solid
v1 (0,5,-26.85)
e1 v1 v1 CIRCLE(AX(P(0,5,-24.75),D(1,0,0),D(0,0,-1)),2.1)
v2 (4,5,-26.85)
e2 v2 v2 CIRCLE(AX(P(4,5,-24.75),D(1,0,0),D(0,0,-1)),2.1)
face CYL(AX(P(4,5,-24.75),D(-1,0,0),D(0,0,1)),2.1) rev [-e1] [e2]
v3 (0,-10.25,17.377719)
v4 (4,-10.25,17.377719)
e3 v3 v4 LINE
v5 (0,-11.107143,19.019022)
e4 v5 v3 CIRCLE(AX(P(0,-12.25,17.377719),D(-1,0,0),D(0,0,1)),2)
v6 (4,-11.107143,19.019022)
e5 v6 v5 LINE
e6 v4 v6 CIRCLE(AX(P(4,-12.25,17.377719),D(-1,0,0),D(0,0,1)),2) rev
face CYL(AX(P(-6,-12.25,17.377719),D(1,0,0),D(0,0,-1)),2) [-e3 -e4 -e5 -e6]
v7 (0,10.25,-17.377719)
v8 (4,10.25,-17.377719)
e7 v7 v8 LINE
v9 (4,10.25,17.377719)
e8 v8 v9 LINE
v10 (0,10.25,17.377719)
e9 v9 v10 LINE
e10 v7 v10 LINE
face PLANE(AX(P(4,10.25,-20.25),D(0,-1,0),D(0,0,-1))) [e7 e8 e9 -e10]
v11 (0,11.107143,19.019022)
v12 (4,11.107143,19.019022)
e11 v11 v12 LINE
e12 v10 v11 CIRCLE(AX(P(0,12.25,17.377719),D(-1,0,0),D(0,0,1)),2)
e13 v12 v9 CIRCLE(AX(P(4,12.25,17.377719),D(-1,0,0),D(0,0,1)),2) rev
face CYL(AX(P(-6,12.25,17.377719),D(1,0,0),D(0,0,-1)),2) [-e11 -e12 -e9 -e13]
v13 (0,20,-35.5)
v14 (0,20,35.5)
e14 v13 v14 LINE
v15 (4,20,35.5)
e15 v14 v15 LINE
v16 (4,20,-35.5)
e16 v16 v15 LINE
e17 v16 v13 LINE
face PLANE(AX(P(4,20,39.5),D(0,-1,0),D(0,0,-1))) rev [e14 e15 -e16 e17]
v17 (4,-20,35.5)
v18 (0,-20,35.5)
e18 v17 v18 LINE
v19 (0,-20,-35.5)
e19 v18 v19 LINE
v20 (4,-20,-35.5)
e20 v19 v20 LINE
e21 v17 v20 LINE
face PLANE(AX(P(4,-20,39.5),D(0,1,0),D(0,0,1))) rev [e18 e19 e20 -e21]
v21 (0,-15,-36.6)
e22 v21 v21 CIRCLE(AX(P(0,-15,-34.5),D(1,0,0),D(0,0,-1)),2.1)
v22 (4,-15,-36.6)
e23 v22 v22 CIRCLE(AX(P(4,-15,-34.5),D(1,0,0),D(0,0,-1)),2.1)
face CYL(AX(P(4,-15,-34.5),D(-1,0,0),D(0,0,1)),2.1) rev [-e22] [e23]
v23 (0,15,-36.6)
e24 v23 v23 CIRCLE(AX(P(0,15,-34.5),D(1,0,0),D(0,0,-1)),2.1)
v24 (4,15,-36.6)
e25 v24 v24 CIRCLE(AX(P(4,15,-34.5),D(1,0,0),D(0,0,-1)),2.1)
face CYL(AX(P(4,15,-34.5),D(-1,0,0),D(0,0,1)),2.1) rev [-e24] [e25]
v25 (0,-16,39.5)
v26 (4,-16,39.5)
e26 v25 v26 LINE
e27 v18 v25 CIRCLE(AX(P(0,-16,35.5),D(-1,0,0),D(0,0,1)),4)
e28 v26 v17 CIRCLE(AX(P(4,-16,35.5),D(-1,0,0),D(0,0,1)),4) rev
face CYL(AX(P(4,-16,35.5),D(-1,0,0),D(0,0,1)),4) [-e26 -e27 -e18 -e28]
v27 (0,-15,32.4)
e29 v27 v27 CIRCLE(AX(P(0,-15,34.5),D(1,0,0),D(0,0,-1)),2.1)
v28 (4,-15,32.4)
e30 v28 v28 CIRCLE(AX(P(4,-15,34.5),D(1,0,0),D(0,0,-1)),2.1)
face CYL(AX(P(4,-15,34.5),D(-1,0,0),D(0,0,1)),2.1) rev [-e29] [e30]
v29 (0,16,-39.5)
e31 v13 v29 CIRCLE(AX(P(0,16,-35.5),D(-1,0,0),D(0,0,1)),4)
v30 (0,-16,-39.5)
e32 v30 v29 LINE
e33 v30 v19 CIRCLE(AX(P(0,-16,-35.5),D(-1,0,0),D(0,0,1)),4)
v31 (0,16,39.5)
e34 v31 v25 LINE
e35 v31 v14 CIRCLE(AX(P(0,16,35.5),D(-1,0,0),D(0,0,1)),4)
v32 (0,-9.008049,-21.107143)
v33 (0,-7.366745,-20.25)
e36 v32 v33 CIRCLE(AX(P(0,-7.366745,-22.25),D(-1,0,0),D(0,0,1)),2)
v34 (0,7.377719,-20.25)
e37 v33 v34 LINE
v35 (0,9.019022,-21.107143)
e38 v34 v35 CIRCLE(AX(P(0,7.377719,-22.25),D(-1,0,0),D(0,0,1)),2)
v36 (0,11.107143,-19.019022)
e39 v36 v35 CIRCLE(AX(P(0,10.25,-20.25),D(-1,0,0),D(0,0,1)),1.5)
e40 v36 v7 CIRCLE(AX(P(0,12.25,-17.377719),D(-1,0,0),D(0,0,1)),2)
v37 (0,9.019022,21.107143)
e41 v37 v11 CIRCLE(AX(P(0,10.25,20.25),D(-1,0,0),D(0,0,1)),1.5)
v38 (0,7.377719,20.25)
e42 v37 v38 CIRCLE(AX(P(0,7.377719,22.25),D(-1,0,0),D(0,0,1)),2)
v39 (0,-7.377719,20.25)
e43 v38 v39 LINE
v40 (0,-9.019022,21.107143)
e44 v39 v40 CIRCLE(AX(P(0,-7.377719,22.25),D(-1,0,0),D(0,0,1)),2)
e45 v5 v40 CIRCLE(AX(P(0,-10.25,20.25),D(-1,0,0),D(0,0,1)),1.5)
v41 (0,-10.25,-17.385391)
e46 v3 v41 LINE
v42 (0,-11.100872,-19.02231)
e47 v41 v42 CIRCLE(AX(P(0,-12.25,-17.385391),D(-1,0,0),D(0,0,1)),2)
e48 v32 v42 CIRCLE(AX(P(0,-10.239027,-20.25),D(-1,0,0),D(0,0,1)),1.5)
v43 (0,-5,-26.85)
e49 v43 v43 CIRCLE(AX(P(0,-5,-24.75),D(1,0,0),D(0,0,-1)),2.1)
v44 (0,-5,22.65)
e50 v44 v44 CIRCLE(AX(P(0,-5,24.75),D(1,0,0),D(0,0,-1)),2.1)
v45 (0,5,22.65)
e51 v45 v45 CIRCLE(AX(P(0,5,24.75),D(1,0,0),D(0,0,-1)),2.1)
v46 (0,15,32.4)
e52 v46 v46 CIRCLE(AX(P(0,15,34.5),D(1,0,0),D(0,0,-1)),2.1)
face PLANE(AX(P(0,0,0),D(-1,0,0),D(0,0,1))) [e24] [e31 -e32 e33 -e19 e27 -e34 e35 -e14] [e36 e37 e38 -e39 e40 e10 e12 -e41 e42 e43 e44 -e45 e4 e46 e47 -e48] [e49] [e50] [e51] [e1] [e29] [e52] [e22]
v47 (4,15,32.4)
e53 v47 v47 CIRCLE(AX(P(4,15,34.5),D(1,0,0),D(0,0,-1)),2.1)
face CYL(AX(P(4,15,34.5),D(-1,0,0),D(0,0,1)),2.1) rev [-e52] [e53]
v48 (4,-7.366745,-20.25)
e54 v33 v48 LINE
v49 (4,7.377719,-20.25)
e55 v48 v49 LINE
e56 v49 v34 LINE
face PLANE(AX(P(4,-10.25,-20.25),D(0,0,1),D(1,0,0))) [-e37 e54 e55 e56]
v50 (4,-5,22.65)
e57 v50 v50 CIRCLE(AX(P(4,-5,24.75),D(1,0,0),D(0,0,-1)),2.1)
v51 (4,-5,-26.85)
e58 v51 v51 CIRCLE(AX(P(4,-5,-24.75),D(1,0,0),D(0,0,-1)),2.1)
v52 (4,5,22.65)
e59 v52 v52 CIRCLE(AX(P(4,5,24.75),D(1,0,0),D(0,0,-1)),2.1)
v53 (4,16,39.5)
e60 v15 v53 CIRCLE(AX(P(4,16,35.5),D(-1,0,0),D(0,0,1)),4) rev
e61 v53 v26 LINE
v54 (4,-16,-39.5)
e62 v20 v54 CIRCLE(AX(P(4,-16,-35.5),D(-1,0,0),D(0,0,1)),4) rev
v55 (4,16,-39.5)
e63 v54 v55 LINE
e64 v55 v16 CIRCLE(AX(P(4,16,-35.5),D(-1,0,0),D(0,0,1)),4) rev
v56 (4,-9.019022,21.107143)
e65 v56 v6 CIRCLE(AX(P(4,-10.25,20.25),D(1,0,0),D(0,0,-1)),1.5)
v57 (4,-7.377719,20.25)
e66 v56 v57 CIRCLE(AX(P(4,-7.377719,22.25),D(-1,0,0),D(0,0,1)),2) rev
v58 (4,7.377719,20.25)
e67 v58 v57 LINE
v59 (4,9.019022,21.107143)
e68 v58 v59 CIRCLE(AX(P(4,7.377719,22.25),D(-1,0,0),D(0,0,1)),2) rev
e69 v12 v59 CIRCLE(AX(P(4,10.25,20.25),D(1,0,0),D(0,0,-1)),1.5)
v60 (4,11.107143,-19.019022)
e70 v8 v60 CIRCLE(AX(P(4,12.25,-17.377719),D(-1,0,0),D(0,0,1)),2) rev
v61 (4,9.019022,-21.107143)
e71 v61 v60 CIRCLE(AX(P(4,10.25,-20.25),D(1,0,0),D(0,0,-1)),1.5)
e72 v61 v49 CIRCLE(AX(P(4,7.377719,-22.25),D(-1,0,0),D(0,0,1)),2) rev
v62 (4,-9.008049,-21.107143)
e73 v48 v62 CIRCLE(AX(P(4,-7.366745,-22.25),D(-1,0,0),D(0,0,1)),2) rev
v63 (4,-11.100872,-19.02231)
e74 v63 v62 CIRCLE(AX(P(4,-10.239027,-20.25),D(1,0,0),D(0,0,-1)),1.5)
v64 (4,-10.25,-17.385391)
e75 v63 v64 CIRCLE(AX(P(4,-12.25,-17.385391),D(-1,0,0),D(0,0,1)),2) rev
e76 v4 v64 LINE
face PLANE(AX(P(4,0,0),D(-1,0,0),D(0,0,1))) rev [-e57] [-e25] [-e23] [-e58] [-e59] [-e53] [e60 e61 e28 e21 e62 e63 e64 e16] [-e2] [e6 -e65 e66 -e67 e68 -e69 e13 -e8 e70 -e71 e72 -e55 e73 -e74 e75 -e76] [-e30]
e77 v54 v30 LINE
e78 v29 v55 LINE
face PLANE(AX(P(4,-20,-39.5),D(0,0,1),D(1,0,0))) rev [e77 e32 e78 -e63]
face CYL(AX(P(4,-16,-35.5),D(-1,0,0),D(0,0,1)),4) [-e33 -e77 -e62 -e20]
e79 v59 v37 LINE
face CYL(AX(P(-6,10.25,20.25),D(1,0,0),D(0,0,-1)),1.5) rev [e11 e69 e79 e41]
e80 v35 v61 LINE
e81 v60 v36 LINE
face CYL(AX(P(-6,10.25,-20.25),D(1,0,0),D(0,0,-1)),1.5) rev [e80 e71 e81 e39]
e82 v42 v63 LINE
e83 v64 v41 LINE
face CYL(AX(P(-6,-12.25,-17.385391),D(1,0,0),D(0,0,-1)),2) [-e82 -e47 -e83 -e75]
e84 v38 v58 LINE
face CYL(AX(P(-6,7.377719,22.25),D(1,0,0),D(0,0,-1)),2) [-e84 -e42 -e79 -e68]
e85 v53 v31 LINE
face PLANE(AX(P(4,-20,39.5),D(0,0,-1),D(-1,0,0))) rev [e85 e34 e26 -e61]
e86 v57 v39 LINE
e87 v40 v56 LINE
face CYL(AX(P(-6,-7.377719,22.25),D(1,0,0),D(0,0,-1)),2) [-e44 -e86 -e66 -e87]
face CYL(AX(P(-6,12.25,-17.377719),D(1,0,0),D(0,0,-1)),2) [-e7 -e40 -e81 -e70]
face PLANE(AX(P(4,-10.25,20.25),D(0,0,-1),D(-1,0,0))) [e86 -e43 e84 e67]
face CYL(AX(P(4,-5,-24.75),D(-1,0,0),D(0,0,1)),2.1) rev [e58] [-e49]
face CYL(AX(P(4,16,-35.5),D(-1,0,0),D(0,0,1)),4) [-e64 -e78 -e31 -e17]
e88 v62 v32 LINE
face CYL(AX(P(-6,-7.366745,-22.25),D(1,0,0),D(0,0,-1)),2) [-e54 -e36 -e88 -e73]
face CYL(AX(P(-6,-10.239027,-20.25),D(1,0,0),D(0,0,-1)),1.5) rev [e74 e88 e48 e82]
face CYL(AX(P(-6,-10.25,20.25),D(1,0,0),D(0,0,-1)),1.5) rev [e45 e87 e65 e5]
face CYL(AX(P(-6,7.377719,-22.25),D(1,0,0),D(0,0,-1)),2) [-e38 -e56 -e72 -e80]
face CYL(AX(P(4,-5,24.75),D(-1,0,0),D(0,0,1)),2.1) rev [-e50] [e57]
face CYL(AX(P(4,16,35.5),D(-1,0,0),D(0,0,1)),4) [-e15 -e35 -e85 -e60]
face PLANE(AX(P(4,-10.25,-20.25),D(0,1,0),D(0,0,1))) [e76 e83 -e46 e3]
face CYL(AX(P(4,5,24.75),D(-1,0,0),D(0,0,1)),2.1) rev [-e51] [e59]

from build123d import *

# Parameters (mm, degrees)
SKETCH_1_W          = 79
SKETCH_1_H          = 40
SKETCH_1_R          = 2.1
SKETCH_1_W_2        = 40.5
SKETCH_1_H_2        = 20.5
EXTRUDE_1_DEPTH     = 4
FILLET_1_R          = 4
SKETCH_2_R          = 1.5
CUT_EXTRUDE_1_DEPTH = 10
FILLET_2_R          = 2


with BuildPart() as part:
    # 草图1 → 凸台-拉伸1 (new body)
    with BuildSketch(Plane(origin=(0, 0, 0), x_dir=(0, 0, -1), z_dir=(1, 0, 0))):
        Rectangle(SKETCH_1_W, SKETCH_1_H)
        with Locations((-34.5, 15)):
            Circle(SKETCH_1_R, mode=Mode.SUBTRACT)
        with Locations((-34.5, -15)):
            Circle(SKETCH_1_R, mode=Mode.SUBTRACT)
        with Locations((-24.75, -5)):
            Circle(SKETCH_1_R, mode=Mode.SUBTRACT)
        with Locations((-24.75, 5)):
            Circle(SKETCH_1_R, mode=Mode.SUBTRACT)
        with Locations((24.75, 5)):
            Circle(SKETCH_1_R, mode=Mode.SUBTRACT)
        with Locations((24.75, -5)):
            Circle(SKETCH_1_R, mode=Mode.SUBTRACT)
        with Locations((34.5, 15)):
            Circle(SKETCH_1_R, mode=Mode.SUBTRACT)
        with Locations((34.5, -15)):
            Circle(SKETCH_1_R, mode=Mode.SUBTRACT)
        Rectangle(SKETCH_1_W_2, SKETCH_1_H_2, mode=Mode.SUBTRACT)
    extrude(amount=EXTRUDE_1_DEPTH)

    # 圆角1
    fillet_1_edges = [part.edges().sort_by_distance(p)[0] for p in [
        (2, -20, -39.5),
        (2, -20, 39.5),
        (2, 20, 39.5),
        (2, 20, -39.5),
    ]]
    fillet(fillet_1_edges, radius=FILLET_1_R)

    # 草图2 → 切除-拉伸1 (cut)
    with BuildSketch(Plane(origin=(4, 0, 0), x_dir=(0, 0, -1), z_dir=(1, 0, 0))):
        with Locations((-20.25, 10.25)):
            Circle(SKETCH_2_R)
        with Locations((-20.25, -10.25)):
            Circle(SKETCH_2_R)
        with Locations((20.25, -10.239026698)):
            Circle(SKETCH_2_R)
        with Locations((20.25, 10.25)):
            Circle(SKETCH_2_R)
    extrude(amount=-CUT_EXTRUDE_1_DEPTH, mode=Mode.SUBTRACT)

    # 圆角2
    fillet_2_edges = [part.edges().sort_by_distance(p)[0] for p in [
        (2, -10.25, 18.75),
        (2, 8.75, -20.25),
        (2, -10.25, -18.750040138),
        (2, -8.75, 20.25),
        (2, 8.75, 20.25),
        (2, 10.25, 18.75),
        (2, 10.25, -18.75),
        (2, -8.739026698, -20.25),
    ]]
    fillet(fillet_2_edges, radius=FILLET_2_R)


solid = part.part
